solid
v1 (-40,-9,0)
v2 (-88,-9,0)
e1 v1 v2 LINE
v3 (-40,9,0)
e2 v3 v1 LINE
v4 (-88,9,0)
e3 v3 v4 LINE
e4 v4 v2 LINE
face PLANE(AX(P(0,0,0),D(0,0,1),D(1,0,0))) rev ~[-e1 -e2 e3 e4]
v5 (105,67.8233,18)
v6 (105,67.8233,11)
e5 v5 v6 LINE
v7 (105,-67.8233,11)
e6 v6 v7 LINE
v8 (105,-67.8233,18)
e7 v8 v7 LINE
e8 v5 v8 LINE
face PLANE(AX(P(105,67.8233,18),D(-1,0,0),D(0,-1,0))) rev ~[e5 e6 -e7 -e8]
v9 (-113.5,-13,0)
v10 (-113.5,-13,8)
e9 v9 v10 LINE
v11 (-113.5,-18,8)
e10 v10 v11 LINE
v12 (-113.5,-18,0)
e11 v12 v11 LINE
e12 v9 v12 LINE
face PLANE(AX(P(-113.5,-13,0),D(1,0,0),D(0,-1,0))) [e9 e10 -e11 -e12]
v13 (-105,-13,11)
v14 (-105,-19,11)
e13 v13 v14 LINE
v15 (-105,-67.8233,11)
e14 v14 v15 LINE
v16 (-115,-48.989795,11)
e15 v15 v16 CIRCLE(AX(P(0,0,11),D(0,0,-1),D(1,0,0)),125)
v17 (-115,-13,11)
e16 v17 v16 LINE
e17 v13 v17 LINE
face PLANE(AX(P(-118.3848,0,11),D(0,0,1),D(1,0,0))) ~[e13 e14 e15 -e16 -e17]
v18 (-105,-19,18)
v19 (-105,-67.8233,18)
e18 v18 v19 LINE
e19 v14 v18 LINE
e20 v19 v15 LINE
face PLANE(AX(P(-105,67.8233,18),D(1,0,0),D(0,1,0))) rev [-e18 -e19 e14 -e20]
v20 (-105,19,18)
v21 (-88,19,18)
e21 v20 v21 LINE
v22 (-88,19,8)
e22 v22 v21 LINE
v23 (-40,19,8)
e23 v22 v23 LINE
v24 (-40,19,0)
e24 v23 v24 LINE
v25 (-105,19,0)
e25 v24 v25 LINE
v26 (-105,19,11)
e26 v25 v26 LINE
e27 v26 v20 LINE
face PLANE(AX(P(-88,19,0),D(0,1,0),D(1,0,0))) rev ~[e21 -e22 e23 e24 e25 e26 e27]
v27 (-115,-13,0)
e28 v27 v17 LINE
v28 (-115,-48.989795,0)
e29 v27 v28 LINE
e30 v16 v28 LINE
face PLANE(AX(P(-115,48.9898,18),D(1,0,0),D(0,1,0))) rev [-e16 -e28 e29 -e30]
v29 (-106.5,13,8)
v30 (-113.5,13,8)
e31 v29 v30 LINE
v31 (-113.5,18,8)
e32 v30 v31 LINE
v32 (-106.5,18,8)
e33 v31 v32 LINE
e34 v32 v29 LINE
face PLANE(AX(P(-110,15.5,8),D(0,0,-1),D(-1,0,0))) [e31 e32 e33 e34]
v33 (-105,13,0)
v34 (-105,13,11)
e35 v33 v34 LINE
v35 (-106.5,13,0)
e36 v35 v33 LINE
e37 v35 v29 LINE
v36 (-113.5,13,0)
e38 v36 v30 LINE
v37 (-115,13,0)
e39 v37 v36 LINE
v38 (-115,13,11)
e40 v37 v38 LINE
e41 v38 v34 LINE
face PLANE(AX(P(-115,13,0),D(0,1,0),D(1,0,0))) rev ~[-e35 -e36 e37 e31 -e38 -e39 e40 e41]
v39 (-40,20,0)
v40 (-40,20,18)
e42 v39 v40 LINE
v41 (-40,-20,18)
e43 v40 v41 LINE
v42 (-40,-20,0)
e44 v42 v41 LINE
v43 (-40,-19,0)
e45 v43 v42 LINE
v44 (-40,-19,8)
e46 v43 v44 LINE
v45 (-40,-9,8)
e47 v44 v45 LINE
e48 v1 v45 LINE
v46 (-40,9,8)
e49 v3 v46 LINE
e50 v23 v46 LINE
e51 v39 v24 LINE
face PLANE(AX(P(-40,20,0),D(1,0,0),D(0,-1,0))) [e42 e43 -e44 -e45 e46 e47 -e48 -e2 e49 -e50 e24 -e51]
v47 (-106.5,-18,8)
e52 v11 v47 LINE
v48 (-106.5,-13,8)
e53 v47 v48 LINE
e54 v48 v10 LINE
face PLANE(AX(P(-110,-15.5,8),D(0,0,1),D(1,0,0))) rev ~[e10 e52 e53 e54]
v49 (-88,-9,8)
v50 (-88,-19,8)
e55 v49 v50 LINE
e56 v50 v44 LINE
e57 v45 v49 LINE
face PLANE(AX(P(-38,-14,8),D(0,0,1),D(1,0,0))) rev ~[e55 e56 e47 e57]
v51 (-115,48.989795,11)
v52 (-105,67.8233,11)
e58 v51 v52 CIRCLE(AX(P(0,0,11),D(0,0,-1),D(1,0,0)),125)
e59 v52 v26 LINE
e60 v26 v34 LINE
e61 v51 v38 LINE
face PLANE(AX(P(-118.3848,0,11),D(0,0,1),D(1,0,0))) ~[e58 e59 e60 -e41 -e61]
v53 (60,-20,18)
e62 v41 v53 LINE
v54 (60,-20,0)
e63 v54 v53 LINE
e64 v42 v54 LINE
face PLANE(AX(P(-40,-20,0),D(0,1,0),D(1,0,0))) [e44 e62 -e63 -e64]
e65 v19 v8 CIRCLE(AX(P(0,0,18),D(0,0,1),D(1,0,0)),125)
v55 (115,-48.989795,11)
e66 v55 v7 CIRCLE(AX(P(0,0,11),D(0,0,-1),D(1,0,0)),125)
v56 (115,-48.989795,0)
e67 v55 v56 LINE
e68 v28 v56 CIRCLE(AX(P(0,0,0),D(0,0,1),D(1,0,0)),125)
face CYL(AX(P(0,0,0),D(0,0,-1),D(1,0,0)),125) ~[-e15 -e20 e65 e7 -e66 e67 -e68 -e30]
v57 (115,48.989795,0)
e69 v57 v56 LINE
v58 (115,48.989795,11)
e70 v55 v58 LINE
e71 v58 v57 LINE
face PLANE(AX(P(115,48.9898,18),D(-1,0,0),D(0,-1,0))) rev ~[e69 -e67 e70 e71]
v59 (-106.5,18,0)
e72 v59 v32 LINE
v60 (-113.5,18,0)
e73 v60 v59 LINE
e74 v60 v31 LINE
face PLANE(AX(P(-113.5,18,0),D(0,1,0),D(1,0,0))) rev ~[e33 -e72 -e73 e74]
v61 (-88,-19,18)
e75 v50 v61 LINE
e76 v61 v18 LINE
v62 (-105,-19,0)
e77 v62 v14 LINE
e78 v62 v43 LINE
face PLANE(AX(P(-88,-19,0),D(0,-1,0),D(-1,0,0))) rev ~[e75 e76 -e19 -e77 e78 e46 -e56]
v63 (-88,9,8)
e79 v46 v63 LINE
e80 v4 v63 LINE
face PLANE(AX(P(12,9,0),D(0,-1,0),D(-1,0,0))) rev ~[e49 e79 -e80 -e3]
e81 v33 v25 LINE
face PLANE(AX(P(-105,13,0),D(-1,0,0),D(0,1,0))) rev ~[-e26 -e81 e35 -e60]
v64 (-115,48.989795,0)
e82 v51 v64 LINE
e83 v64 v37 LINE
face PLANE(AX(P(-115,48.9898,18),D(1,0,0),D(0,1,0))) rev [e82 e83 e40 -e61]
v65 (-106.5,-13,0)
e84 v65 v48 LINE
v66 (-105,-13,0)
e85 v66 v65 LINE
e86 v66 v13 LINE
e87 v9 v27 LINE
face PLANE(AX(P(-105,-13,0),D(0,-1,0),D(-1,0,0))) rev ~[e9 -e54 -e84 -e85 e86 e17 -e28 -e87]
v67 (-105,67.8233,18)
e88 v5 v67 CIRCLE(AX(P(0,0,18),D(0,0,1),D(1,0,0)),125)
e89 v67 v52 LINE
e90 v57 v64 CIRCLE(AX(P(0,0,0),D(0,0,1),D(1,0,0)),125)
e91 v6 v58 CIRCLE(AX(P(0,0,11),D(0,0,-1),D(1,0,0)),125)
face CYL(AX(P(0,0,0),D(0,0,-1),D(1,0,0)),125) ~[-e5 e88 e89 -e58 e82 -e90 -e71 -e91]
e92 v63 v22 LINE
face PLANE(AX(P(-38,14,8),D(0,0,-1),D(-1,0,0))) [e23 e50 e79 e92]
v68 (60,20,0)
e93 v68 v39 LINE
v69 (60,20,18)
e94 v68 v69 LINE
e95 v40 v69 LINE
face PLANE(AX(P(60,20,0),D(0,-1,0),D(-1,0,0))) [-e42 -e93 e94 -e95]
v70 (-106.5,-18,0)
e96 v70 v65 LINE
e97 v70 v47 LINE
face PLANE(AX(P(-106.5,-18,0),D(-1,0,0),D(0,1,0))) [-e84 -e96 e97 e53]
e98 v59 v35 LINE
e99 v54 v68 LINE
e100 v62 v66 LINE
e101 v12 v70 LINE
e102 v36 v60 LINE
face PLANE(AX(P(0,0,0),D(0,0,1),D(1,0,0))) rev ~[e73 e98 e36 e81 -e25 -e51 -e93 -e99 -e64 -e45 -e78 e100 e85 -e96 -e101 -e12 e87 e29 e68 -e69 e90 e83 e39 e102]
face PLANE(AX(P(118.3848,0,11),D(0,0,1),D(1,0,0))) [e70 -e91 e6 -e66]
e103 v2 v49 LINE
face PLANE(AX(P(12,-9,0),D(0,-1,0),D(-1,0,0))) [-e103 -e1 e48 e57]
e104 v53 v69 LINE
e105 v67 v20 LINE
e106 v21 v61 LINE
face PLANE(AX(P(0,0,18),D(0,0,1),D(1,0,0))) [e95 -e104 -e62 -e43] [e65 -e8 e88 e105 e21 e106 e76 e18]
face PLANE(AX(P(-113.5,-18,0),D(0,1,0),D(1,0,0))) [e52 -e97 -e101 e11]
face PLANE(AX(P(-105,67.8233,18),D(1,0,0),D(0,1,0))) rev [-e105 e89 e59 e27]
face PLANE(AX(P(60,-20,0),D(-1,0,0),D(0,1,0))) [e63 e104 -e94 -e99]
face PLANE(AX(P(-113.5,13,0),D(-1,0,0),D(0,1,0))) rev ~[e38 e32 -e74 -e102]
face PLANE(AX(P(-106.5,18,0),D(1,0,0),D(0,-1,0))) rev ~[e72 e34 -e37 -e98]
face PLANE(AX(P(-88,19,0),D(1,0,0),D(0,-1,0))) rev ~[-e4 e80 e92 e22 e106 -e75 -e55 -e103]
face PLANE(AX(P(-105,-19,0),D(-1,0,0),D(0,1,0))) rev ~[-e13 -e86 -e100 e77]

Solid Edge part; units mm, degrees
sketch "Sketch1" plane through (0, 0, 0) normal (0, 0, 1) x (1, 0, 0)
  circle A0 centre (0, 0) radius 125
extrude "Protrusion1" add sketch "Sketch1" along normal blind 18
sketch "Sketch2" plane through (0, 0, 18) normal (0, 0, 1) x (1, 0, 0)
  line L0 (115, 48.9898) -> (115, -48.9898)
  line L1 (149.5041, -48.9898) -> (115, -48.9898)
  line L2 (149.5041, 48.9898) -> (149.5041, -48.9898)
  line L3 (115, 48.9898) -> (149.5041, 48.9898)
extrude "ExtrudedCutout_1" cut sketch "Sketch2" against normal blind 18
sketch "Sketch3" plane through (-5, 0, 18) normal (0, 0, 1) x (0, 1, 0)
  line L0 (67.8233, -136.7696) -> (67.8233, -110)
  line L1 (67.8233, -110) -> (-67.8233, -110)
  line L2 (-67.8233, -110) -> (-67.8233, -136.7696)
  line L3 (-67.8233, -136.7696) -> (67.8233, -136.7696)
  dimension "D1" = 10
  dimension "D2" = 67.8233
  dimension "D3" = 67.8233
extrude "ExtrudedCutout_2" cut sketch "Sketch3" against normal blind 7
mirror "Mirror1" about plane through (0, 0, 0) normal (1, 0, 0) of "ExtrudedCutout_1", "ExtrudedCutout_2"
sketch "Sketch4" plane through (0, 0, 0) normal (0, 0, -1) x (-1, 0, 0)
  line L0 (115, 13) -> (105, 13)
  line L1 (105, 13) -> (105, 19)
  line L2 (105, 19) -> (88, 19)
  line L3 (88, 19) -> (88, -19)
  line L4 (88, -19) -> (105, -19)
  line L5 (105, -19) -> (105, -13)
  line L6 (105, -13) -> (115, -13)
  line L7 (115, -13) -> (115, 13)
  dimension "D1" = 38
  dimension "D2" = 88
  dimension "D3" = 17
extrude "ExtrudedCutout_6" cut sketch "Sketch4" against normal blind 18
sketch "Sketch5" plane through (0, 0, 0) normal (0, 0, -1) x (0, -1, 0)
  line L0 (-19, 88) -> (-19, -12)
  line L1 (-19, -12) -> (-9, -12)
  line L2 (-9, -12) -> (-9, 88)
  line L3 (-9, 88) -> (-19, 88)
  line L4 (19, 88) -> (19, -12)
  line L5 (19, -12) -> (9, -12)
  line L6 (9, -12) -> (9, 88)
  line L7 (9, 88) -> (19, 88)
extrude "ExtrudedCutout_7" cut sketch "Sketch5" against normal blind 8
sketch "Sketch6" plane through (0, 0, 0) normal (0, 0, -1) x (0, -1, 0)
  line L0 (-13, 113.5) -> (-18, 113.5)
  line L1 (-18, 113.5) -> (-18, 106.5)
  line L2 (-18, 106.5) -> (-13, 106.5)
  line L3 (-13, 106.5) -> (-13, 113.5)
  line L4 (13, 113.5) -> (18, 113.5)
  line L5 (18, 113.5) -> (18, 106.5)
  line L6 (18, 106.5) -> (13, 106.5)
  line L7 (13, 106.5) -> (13, 113.5)
  dimension "D1" = 5
  dimension "D2" = 5
  dimension "D3" = 1.5
  dimension "D4" = 1.5
  dimension "D5" = 1.5
  dimension "D6" = 1.5
extrude "ExtrudedCutout_8" cut sketch "Sketch6" against normal blind 8
sketch "Sketch7" plane through (0, 0, 0) normal (0, 0, -1) x (-1, 0, 0)
  line L0 (0, 20) -> (40, 20)
  line L1 (40, 20) -> (40, -20)
  line L2 (40, -20) -> (-60, -20)
  line L3 (-60, -20) -> (-60, 20)
  line L4 (-60, 20) -> (0, 20)
extrude "ExtrudedCutout_9" cut sketch "Sketch7" against normal blind 18
properties material "Wood, Ash"
